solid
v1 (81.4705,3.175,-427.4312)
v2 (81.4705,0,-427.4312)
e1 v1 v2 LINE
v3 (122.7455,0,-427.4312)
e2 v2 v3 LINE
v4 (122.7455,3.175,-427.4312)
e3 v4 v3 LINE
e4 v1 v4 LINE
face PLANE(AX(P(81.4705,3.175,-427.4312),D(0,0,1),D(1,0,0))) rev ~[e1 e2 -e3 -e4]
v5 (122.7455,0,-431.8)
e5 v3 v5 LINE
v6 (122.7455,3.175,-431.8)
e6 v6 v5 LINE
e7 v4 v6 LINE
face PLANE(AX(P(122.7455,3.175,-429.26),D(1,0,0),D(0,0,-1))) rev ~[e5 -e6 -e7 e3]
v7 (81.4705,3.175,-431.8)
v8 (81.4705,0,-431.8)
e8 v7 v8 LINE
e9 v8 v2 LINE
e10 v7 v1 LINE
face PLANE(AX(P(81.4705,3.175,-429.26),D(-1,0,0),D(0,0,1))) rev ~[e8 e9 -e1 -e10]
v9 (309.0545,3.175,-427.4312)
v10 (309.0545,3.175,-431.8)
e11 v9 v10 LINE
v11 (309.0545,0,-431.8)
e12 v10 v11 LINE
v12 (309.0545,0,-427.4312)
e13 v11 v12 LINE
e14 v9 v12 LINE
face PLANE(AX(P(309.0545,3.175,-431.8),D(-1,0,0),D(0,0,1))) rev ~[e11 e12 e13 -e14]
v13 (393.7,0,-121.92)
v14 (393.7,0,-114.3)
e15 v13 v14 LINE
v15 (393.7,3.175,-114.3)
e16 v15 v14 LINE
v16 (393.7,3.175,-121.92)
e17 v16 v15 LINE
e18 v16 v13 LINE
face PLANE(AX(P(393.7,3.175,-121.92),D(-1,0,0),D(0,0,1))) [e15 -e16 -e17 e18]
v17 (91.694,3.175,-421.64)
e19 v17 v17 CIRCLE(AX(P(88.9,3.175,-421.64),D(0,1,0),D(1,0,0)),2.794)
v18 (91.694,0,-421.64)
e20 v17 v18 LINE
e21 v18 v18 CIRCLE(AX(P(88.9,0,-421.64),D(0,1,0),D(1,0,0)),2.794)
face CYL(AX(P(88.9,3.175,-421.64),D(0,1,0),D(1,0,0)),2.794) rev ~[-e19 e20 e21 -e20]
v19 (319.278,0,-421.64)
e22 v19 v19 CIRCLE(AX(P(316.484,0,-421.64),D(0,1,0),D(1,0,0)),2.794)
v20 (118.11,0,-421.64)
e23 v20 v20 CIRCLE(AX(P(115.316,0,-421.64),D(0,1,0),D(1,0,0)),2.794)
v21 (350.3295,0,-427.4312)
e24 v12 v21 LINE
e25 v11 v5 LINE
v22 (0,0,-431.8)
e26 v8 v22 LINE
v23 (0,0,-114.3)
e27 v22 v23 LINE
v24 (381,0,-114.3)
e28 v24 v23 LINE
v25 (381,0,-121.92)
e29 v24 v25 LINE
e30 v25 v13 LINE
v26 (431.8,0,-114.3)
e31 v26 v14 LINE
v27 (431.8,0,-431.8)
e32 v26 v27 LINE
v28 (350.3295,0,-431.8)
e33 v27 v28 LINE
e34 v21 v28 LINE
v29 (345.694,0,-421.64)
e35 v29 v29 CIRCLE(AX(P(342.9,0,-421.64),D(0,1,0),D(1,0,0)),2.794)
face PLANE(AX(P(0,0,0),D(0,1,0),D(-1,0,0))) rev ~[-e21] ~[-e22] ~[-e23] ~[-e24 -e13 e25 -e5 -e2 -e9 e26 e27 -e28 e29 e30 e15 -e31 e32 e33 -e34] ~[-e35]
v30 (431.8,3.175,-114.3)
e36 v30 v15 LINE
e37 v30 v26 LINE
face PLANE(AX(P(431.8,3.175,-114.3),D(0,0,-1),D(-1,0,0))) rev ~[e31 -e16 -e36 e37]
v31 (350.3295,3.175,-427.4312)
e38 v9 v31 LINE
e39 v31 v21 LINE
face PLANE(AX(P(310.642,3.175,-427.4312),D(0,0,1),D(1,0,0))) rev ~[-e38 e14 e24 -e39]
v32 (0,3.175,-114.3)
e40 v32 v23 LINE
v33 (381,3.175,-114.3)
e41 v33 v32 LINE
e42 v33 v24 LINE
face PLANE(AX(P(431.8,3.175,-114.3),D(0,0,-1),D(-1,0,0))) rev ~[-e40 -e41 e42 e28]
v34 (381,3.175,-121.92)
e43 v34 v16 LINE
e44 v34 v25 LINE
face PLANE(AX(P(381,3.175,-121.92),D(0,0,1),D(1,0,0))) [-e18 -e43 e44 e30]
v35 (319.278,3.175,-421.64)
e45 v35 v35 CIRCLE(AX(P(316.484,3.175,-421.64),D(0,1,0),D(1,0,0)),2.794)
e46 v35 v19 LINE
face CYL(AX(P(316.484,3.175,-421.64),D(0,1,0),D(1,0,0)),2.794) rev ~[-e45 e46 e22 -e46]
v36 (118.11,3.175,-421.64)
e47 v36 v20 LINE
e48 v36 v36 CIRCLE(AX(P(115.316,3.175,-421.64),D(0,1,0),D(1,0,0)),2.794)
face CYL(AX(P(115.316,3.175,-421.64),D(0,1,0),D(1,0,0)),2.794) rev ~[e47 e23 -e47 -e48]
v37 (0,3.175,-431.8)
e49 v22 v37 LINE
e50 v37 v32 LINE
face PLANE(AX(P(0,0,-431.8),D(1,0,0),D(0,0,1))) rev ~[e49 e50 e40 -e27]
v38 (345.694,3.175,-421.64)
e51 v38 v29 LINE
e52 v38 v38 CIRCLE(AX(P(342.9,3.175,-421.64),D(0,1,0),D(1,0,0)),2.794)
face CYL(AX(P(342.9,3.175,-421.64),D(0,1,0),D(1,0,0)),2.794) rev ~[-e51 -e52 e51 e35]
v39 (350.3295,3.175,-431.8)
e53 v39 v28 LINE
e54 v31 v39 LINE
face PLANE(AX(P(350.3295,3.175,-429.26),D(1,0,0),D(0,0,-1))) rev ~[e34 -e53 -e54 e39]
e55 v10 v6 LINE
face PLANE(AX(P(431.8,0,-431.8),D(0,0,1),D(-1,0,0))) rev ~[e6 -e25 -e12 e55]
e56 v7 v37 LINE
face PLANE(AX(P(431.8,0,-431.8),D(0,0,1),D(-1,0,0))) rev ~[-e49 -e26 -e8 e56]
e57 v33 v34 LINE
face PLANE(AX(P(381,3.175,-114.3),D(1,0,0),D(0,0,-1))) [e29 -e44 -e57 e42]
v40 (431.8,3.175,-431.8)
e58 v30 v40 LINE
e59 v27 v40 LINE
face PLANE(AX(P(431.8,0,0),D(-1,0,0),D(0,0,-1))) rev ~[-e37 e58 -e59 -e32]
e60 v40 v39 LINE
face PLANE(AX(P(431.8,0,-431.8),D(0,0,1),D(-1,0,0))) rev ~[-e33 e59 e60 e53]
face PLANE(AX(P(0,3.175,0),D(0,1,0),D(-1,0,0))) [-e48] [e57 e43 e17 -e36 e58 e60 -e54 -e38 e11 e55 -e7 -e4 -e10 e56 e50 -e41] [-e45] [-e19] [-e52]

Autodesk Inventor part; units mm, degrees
ref_plane "YZ Plane" through (0, 0, 0) normal (1, 0, 0) x (0, 1, 0)
ref_plane "XZ Plane" through (0, 0, 0) normal (0, 1, 0) x (-1, 0, 0)
ref_plane "XY Plane" through (0, 0, 0) normal (0, 0, 1) x (1, 0, 0)
sketch "Sketch1" plane through (0, 0, 0) normal (0, 1, 0) x (-1, 0, 0)
  line L0 (0, 0) -> (-431.8, 0)
  line L1 (-431.8, 0) -> (-431.8, -431.8)
  line L2 (-431.8, -431.8) -> (0, -431.8)
  line L3 (0, -431.8) -> (0, 0)
  dimension "d0" = 431.8
  dimension "d1" = 431.8
extrude "Extrusion1" add sketch "Sketch1" along normal blind 3.175
sketch "Sketch2" plane through (0, 3.175, 0) normal (0, 1, 0) x (1, 0, 0)
  line L0 (0, 431.8) -> (0, 0) projected
  line L1 (431.8, 0) -> (431.8, 431.8) projected
  circle A0 centre (386.08, 64.77) radius 6.35
  circle A1 centre (332.74, 64.77) radius 6.35
  circle A2 centre (279.4, 64.77) radius 6.35
  circle A3 centre (226.06, 64.77) radius 6.35
  circle A4 centre (172.72, 64.77) radius 6.35
  circle A5 centre (28.43, 92.2674) radius 1.5
  circle A6 centre (121.43, 92.2674) radius 1.5
  circle A7 centre (28.43, 37.2726) radius 1.5
  circle A8 centre (121.43, 37.2726) radius 1.5
  line L2 (26.43, 84.77) -> (123.43, 84.77)
  line L3 (123.43, 84.77) -> (123.43, 44.77)
  line L4 (123.43, 44.77) -> (26.43, 44.77)
  line L5 (26.43, 44.77) -> (26.43, 84.77)
  dimension "d14" = 12.7
  dimension "d15" = 12.7
  dimension "d16" = 12.7
  dimension "d17" = 12.7
  dimension "d18" = 12.7
extrude "Extrusion2" cut sketch "Sketch2" against normal blind 25.4
sketch "Sketch3" plane through (0, 3.175, 0) normal (0, 1, 0) x (1, 0, 0)
  circle A0 centre (88.9, 421.64) radius 2.794
  circle A1 centre (115.316, 421.64) radius 2.794
  circle A2 centre (316.484, 421.64) radius 2.794
  circle A3 centre (342.9, 421.64) radius 2.794
  line L0 (0, 431.8) -> (0, 0) projected
  line L1 (431.8, 0) -> (431.8, 431.8) projected
extrude "Extrusion3" cut sketch "Sketch3" along normal blind 25.4 and the other way blind 12.7
sketch "Sketch4" plane through (0, 0, 0) normal (0, -1, 0) x (1, 0, 0)
  circle A0 centre (386.08, -64.77) radius 6.35 projected
  circle A1 centre (386.08, -64.77) radius 7.62
  circle A2 centre (172.72, -64.77) radius 6.35 projected
  circle A3 centre (172.72, -64.77) radius 7.62
  circle A4 centre (226.06, -64.77) radius 6.35 projected
  circle A5 centre (226.06, -64.77) radius 7.62
  circle A6 centre (279.4, -64.77) radius 6.35 projected
  circle A7 centre (279.4, -64.77) radius 7.62
  circle A8 centre (332.74, -64.77) radius 6.35 projected
  circle A9 centre (332.74, -64.77) radius 7.62
  point P0 (0, 0)
  dimension "d50" = 15.24
  dimension "d51" = 15.24
  dimension "d52" = 15.24
  dimension "d53" = 15.24
  dimension "d54" = 15.24
extrude "Extrusion4" cut sketch "Sketch4" against normal blind 4.351 contours A0 | A1 | A2 | A3 | A4 | A5 | A6 | A7 | A8 | A9
sketch "Sketch5" plane through (0, 3.175, 0) normal (0, 1, 0) x (1, 0, 0)
  line L0 (0, 431.8) -> (431.8, 431.8)
  line L1 (431.8, 431.8) -> (431.8, 114.3)
  line L2 (431.8, 114.3) -> (0, 114.3)
  line L3 (0, 114.3) -> (0, 431.8)
  line L4 (0, 114.3) -> (431.8, 114.3)
  line L5 (0, -12.7) -> (0, 114.3)
  line L6 (0, -12.7) -> (0, 0)
  line L7 (431.8, 0) -> (431.8, 431.8) projected
  line L8 (0, 114.3) -> (431.8, 114.3)
  line L9 (431.8, 114.3) -> (431.8, 12.7)
  line L10 (431.8, 12.7) -> (0, 12.7)
  line L11 (0, 12.7) -> (0, 114.3)
  line L12 (0, 12.7) -> (431.8, 12.7)
  line L13 (431.8, 12.7) -> (431.8, 0)
  line L14 (431.8, 0) -> (0, 0)
  line L15 (0, 0) -> (0, 12.7)
  dimension "d57" = 317.5
  dimension "d59" = 101.6
extrude "Extrusion5" cut sketch "Sketch5" against normal blind 25.4 contours L2 L7 L10 L5 | L10 L7 L14 L5
sketch "Sketch7" plane through (0, 3.175, 0) normal (0, 1, 0) x (1, 0, 0)
  line L0 (431.8, 114.3) -> (431.8, 431.8) projected
  line L1 (393.7, 114.3) -> (381, 114.3)
  line L2 (381, 114.3) -> (381, 121.92)
  line L3 (381, 121.92) -> (393.7, 121.92)
  line L4 (393.7, 121.92) -> (393.7, 114.3)
  point P0 (0, 0)
  dimension "d63" = 12.7
  dimension "d64" = 7.62
extrude "Extrusion6" cut sketch "Sketch7" against normal blind 25.4
sketch "Sketch8" plane through (0, 3.175, 0) normal (0, 1, 0) x (1, 0, 0)
  point P0 (0, 0)
sketch "Sketch9" plane through (0, 3.175, 0) normal (0, 1, 0) x (1, 0, 0)
  circle A0 centre (88.9, 421.64) radius 2.794 projected
  circle A1 centre (342.9, 421.64) radius 2.794 projected
  point P0 (0, 0)
sketch "Sketch10" plane through (0, 3.175, 0) normal (0, 1, 0) x (1, 0, 0)
  circle A0 centre (115.316, 421.64) radius 2.794 projected
  line L0 (115.316, 421.64) -> (121.158, 421.64)
  line L1 (121.158, 421.64) -> (121.158, 431.8)
  line L2 (431.8, 431.8) -> (0, 431.8) projected
  line L3 (121.158, 431.8) -> (83.058, 431.8)
  line L4 (83.058, 431.8) -> (83.058, 421.64)
  circle A1 centre (88.9, 421.64) radius 2.794 projected
  line L5 (83.058, 421.64) -> (88.9, 421.64)
  circle A2 centre (342.9, 421.64) radius 2.794 projected
  line L6 (342.9, 421.64) -> (348.742, 421.64)
  line L7 (348.742, 421.64) -> (348.742, 431.8)
  line L8 (348.742, 431.8) -> (310.642, 431.8)
  line L9 (310.642, 431.8) -> (310.642, 421.64)
  circle A3 centre (316.484, 421.64) radius 2.794 projected
  line L10 (310.642, 421.64) -> (316.484, 421.64)
  line L11 (83.058, 431.8) -> (83.058, 429.26)
  line L12 (83.058, 429.26) -> (121.158, 429.26)
  line L13 (310.642, 431.8) -> (310.642, 429.26)
  line L14 (310.642, 429.26) -> (348.742, 429.26)
  point P0 (0, 0)
  dimension "d73" = 5.842
  dimension "d74" = 38.1
  dimension "d75" = 5.842
  dimension "d76" = 38.1
  dimension "d77" = 2.54
  dimension "d78" = 2.54
extrude "Extrusion7" cut sketch "Sketch10" against normal blind 25.4 contours L2 L7 L14 L9 | L12 L4 L2 L1
sketch "Sketch12" plane through (0, 3.175, 0) normal (0, 1, 0) x (1, 0, 0)
  line L0 (102.108, 431.8) -> (122.7455, 431.8)
  line L1 (310.642, 431.8) -> (121.158, 431.8) projected
  line L2 (102.108, 431.8) -> (81.4705, 431.8)
  line L3 (81.4705, 431.8) -> (81.4705, 429.26)
  line L4 (121.158, 429.26) -> (83.058, 429.26) projected
  line L5 (122.7455, 429.26) -> (122.7455, 431.8)
  line L6 (121.158, 429.26) -> (121.158, 431.8)
  line L7 (83.058, 431.8) -> (0, 431.8) projected
  line L8 (81.4705, 431.8) -> (81.4705, 427.4312)
  line L9 (81.4705, 427.4312) -> (122.7455, 427.4312)
  line L10 (122.7455, 427.4312) -> (122.7455, 429.26)
  line L11 (83.058, 429.26) -> (83.058, 427.4312)
  line L12 (121.158, 429.26) -> (121.158, 427.4312)
  line L13 (431.8, 431.8) -> (348.742, 431.8) projected
  line L14 (348.742, 431.8) -> (348.742, 434.6291)
  line L15 (329.692, 431.8) -> (350.3295, 431.8)
  line L16 (329.692, 431.8) -> (309.0545, 431.8)
  line L17 (309.0545, 431.8) -> (309.0545, 429.26)
  line L18 (350.3295, 429.26) -> (350.3295, 431.8)
  line L19 (348.742, 429.26) -> (348.742, 431.8)
  line L20 (309.0545, 431.8) -> (309.0545, 427.4312)
  line L21 (309.0545, 427.4312) -> (350.3295, 427.4312)
  line L22 (350.3295, 427.4312) -> (350.3295, 429.26)
  line L23 (310.642, 429.26) -> (310.642, 427.4312)
  line L24 (348.742, 429.26) -> (348.742, 427.4312)
  point P0 (0, 0)
  dimension "d84" = 20.6375
  dimension "d87" = 4.3688
  dimension "d89" = 4.3688
extrude "Extrusion8" cut sketch "Sketch12" against normal blind 25.4
properties part number "220207 Lid"
